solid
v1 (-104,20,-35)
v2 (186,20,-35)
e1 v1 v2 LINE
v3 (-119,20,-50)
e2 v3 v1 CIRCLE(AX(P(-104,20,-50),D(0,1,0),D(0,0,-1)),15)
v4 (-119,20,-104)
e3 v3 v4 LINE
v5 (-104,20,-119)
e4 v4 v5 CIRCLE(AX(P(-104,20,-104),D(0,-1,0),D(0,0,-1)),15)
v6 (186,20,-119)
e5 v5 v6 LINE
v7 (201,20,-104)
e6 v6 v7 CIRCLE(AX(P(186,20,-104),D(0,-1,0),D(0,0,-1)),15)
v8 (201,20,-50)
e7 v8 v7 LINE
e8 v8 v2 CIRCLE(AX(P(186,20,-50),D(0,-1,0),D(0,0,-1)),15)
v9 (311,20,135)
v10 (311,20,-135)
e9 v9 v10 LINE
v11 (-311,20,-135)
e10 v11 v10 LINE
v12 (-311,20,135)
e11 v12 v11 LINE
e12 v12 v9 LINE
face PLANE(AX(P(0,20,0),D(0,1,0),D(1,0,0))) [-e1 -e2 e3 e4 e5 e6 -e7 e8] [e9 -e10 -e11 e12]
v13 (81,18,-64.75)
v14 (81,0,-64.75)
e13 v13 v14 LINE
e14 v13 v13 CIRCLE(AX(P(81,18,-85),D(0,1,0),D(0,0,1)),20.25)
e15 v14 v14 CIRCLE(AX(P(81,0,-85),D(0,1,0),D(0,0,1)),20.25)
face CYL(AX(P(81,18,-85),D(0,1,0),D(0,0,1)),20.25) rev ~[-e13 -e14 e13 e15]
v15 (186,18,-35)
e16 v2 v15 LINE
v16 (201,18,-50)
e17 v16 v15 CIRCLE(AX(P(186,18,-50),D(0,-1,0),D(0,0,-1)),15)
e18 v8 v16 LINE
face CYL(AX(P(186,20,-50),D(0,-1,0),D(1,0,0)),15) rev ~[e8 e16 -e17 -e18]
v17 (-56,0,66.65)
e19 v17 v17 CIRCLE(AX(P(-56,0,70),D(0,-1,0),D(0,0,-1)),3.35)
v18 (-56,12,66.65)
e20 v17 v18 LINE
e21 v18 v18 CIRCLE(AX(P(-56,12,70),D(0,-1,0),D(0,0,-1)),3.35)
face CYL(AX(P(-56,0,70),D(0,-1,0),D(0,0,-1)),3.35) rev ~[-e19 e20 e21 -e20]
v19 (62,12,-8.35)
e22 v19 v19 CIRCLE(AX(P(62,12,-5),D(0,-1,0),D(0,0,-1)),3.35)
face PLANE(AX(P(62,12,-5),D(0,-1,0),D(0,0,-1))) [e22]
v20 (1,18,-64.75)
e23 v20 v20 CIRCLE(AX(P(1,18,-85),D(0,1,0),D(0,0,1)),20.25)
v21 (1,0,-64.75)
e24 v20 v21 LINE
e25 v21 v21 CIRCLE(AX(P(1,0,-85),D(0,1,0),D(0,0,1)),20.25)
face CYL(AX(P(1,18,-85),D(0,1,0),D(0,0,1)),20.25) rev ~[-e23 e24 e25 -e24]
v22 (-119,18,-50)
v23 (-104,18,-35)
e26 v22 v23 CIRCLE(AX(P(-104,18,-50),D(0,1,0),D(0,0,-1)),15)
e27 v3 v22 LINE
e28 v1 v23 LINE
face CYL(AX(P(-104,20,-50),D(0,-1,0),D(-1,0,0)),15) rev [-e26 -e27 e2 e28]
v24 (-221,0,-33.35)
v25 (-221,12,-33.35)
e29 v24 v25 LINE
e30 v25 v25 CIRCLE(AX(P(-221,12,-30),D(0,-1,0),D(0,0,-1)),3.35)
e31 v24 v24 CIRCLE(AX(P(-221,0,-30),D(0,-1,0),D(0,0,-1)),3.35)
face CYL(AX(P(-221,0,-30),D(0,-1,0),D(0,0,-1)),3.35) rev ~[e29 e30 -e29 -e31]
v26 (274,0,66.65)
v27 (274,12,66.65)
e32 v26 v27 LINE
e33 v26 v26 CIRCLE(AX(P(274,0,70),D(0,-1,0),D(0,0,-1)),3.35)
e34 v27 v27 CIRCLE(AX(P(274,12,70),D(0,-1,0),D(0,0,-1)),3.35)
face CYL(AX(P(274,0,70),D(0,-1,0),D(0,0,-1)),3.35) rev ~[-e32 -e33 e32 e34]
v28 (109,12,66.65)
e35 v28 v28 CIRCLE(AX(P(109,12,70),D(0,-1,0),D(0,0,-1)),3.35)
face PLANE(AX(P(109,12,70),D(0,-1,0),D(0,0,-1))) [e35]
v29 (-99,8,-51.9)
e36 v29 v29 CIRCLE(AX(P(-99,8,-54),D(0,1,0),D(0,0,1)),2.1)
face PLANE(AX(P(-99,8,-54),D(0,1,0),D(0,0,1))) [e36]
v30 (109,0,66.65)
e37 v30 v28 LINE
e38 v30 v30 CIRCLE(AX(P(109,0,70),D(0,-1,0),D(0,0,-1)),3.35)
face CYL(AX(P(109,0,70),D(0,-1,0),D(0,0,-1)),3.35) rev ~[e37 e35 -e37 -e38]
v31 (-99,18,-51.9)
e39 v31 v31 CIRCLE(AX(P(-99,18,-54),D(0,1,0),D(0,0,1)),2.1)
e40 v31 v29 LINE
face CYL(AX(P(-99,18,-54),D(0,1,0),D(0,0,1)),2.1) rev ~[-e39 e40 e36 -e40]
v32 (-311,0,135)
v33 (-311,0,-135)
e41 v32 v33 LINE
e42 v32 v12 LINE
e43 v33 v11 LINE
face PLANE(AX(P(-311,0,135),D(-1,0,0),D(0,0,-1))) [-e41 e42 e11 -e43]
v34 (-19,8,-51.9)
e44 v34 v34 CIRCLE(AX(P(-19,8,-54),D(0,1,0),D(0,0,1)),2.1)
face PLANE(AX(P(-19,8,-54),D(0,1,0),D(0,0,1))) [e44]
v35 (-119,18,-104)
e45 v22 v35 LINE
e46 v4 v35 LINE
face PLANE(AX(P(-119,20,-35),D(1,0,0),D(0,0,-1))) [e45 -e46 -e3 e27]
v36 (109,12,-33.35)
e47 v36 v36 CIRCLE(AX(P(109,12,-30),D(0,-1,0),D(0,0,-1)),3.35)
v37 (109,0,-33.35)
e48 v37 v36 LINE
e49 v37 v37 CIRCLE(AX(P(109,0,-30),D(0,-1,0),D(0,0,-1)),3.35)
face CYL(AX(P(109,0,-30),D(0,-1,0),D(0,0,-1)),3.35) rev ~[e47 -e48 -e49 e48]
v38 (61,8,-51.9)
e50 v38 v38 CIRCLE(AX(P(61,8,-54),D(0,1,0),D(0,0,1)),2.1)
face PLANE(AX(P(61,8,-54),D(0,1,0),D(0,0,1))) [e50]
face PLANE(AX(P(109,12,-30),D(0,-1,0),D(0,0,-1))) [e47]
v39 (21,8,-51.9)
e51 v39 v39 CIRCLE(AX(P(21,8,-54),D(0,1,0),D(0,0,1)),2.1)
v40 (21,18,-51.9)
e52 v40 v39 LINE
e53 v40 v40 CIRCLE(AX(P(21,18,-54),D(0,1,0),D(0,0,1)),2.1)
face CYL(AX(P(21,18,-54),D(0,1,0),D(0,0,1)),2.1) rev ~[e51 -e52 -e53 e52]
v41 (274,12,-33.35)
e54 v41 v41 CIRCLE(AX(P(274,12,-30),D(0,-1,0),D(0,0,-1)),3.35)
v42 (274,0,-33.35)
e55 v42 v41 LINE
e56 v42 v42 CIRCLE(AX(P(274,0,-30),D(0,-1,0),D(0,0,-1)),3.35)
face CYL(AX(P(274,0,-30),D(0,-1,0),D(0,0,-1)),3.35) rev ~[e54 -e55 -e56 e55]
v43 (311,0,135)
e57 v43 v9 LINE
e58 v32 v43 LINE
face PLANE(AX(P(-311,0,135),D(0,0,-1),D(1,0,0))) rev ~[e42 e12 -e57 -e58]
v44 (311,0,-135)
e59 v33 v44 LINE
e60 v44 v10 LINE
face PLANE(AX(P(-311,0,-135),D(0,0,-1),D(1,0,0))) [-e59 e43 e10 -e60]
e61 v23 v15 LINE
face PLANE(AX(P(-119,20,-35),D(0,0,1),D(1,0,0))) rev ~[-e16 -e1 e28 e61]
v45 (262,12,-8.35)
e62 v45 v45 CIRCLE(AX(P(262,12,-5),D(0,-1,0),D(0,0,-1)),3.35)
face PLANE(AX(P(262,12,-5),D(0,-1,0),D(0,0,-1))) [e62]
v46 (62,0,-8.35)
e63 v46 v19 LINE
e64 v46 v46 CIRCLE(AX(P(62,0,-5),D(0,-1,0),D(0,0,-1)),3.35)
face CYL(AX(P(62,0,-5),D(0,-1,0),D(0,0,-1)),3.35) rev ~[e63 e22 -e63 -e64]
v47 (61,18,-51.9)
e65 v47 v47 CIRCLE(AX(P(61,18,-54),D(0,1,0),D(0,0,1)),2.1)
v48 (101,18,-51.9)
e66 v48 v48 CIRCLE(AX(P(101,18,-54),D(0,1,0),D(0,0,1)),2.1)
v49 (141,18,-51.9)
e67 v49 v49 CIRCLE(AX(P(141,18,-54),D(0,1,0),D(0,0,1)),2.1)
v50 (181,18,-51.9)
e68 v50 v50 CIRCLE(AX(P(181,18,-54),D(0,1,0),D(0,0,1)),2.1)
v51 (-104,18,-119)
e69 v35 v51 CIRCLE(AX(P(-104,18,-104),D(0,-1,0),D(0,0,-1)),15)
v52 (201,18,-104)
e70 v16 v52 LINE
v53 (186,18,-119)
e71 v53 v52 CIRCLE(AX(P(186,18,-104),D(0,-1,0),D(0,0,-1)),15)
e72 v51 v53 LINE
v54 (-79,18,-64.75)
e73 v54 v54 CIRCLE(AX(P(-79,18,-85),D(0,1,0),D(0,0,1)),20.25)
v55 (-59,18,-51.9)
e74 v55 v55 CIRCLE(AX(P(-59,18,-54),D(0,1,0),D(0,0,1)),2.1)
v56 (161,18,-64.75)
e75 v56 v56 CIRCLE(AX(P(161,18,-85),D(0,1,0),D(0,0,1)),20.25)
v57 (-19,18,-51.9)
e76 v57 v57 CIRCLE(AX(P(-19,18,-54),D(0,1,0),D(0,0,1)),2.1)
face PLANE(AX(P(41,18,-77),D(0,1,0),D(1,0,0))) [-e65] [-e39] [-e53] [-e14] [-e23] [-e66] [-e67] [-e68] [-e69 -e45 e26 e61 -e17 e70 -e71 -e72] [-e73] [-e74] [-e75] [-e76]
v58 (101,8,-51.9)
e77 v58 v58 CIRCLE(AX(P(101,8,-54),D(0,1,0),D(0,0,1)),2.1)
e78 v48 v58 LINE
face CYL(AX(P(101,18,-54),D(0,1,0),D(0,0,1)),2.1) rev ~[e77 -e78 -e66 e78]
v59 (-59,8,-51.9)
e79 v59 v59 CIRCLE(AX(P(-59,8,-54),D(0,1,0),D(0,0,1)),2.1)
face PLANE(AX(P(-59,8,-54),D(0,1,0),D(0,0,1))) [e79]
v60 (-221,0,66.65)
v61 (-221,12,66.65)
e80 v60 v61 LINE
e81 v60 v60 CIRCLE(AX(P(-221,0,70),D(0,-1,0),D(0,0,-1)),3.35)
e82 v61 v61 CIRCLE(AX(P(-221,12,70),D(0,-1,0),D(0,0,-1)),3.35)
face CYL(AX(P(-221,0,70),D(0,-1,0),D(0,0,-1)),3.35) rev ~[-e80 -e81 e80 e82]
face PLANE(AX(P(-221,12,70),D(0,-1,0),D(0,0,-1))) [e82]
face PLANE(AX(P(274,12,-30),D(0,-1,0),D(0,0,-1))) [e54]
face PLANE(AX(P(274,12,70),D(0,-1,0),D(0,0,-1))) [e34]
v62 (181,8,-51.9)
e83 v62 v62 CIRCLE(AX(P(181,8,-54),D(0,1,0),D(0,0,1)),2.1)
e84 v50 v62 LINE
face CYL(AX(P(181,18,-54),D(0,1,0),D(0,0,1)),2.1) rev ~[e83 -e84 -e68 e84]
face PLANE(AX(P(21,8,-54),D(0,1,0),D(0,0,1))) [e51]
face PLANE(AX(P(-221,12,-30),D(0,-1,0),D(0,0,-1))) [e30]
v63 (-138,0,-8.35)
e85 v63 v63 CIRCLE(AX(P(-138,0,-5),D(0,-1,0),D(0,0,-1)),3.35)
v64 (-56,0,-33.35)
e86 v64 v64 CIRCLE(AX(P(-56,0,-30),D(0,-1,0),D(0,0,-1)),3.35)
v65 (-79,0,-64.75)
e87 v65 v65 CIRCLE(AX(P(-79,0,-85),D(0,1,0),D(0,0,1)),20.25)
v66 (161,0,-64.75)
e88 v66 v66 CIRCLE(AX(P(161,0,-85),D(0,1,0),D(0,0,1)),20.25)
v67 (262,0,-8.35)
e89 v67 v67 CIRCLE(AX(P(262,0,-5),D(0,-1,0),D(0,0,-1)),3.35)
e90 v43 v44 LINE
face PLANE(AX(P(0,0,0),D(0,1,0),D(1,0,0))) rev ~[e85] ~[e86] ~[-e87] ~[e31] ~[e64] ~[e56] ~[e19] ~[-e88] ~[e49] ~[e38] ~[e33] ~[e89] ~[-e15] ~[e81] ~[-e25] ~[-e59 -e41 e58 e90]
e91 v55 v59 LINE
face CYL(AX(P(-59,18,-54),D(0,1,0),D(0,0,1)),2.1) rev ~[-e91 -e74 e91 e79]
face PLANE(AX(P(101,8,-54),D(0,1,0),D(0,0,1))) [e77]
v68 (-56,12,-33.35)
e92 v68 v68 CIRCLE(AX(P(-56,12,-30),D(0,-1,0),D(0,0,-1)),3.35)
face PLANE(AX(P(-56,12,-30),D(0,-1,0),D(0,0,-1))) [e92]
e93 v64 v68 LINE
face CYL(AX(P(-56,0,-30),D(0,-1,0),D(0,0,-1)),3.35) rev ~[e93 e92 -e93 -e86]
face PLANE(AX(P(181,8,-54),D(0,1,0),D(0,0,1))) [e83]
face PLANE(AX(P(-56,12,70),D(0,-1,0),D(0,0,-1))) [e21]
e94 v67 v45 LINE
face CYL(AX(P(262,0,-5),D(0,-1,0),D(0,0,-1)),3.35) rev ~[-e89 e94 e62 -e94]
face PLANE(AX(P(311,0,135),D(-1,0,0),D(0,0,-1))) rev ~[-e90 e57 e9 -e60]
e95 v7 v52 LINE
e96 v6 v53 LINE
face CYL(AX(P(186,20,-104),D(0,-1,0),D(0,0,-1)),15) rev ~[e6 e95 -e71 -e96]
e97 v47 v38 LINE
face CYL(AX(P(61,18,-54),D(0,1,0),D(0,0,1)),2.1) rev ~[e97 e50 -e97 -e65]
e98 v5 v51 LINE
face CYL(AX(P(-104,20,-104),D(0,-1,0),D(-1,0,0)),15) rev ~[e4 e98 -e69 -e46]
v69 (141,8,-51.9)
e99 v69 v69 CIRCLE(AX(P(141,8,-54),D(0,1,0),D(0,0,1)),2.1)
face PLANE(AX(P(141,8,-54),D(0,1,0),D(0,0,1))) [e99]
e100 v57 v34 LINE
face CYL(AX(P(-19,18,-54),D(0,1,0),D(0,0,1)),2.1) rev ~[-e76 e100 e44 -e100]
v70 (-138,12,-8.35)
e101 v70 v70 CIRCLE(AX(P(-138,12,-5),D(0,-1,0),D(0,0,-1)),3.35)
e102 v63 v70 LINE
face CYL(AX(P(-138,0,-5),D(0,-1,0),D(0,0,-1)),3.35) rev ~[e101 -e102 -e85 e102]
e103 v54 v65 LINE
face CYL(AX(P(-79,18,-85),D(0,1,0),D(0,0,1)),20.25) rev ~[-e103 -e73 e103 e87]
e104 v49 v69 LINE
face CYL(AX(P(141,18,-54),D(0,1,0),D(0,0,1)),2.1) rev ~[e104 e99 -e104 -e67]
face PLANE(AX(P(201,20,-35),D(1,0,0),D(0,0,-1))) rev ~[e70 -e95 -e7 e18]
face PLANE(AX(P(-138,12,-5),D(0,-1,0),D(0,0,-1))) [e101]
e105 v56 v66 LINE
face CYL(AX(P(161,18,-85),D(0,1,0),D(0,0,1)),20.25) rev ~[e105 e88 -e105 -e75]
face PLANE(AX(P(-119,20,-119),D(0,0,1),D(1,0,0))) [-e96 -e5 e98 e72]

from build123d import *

# Parameters (mm, degrees)
SKETCH_1_W          = 622
SKETCH_1_H          = 270
EXTRUDE_1_DEPTH     = 20
SKETCH_2_W          = 320
SKETCH_2_H          = 84
CUT_EXTRUDE_1_DEPTH = 2
CUT_EXTRUDE_2_REACH = 341.514
SKETCH_3_R          = 20.25
SKETCH_4_R          = 2.1
SKETCH_4_R_2        = 20.25
CUT_EXTRUDE_3_DEPTH = 10
FILLET_1_R          = 15
SKETCH_5_R          = 3.35
CUT_EXTRUDE_4_DEPTH = 12


with BuildPart() as part:
    # 草图1 → 凸台-拉伸1 (new body)
    with BuildSketch(Plane(origin=(0, 0, 0), x_dir=(1, 0, 0), z_dir=(0, 1, 0))):
        Rectangle(SKETCH_1_W, SKETCH_1_H)
    extrude(amount=EXTRUDE_1_DEPTH)

    # 草图2 → 切除-拉伸1 (cut)
    with BuildSketch(Plane(origin=(0, 20, 0), x_dir=(1, 0, 0), z_dir=(0, 1, 0))):
        with Locations((41, 77)):
            Rectangle(SKETCH_2_W, SKETCH_2_H)
    extrude(amount=-CUT_EXTRUDE_1_DEPTH, mode=Mode.SUBTRACT)

    # 草图3 → 切除-拉伸2 (cut, up to next)
    with BuildSketch(Plane(origin=(0, 18, 0), x_dir=(1, 0, 0), z_dir=(0, 1, 0)), mode=Mode.PRIVATE) as cut_extrude_2_sk1:
        with Locations(Location((-79, 85, 0), (0, 0, 270))):
            Circle(SKETCH_3_R)
    cut_extrude_2_tool1 = extrude(cut_extrude_2_sk1.sketch, amount=-CUT_EXTRUDE_2_REACH, mode=Mode.PRIVATE) & part.part
    # 草图3 → 切除-拉伸2 (cut, up to next)
    with BuildSketch(Plane(origin=(0, 18, 0), x_dir=(1, 0, 0), z_dir=(0, 1, 0)), mode=Mode.PRIVATE) as cut_extrude_2_sk2:
        with Locations(Location((1, 85, 0), (0, 0, 270))):
            Circle(SKETCH_3_R)
    cut_extrude_2_tool2 = extrude(cut_extrude_2_sk2.sketch, amount=-CUT_EXTRUDE_2_REACH, mode=Mode.PRIVATE) & part.part
    # 草图3 → 切除-拉伸2 (cut, up to next)
    with BuildSketch(Plane(origin=(0, 18, 0), x_dir=(1, 0, 0), z_dir=(0, 1, 0)), mode=Mode.PRIVATE) as cut_extrude_2_sk3:
        with Locations(Location((81, 85, 0), (0, 0, 270))):
            Circle(SKETCH_3_R)
    cut_extrude_2_tool3 = extrude(cut_extrude_2_sk3.sketch, amount=-CUT_EXTRUDE_2_REACH, mode=Mode.PRIVATE) & part.part
    # 草图3 → 切除-拉伸2 (cut, up to next)
    with BuildSketch(Plane(origin=(0, 18, 0), x_dir=(1, 0, 0), z_dir=(0, 1, 0)), mode=Mode.PRIVATE) as cut_extrude_2_sk4:
        with Locations(Location((161, 85, 0), (0, 0, 270))):
            Circle(SKETCH_3_R)
    cut_extrude_2_tool4 = extrude(cut_extrude_2_sk4.sketch, amount=-CUT_EXTRUDE_2_REACH, mode=Mode.PRIVATE) & part.part
    add(cut_extrude_2_tool1.solids().sort_by_distance((-79, 18, -85))[0], mode=Mode.SUBTRACT)
    add(cut_extrude_2_tool2.solids().sort_by_distance((1, 18, -85))[0], mode=Mode.SUBTRACT)
    add(cut_extrude_2_tool3.solids().sort_by_distance((81, 18, -85))[0], mode=Mode.SUBTRACT)
    add(cut_extrude_2_tool4.solids().sort_by_distance((161, 18, -85))[0], mode=Mode.SUBTRACT)

    # 草图4 → 切除-拉伸3 (cut)
    with BuildSketch(Plane(origin=(0, 18, 0), x_dir=(1, 0, 0), z_dir=(0, 1, 0))):
        with Locations(Location((-99, 54, 0), (0, 0, 270))):
            Circle(SKETCH_4_R)
        with Locations(Location((-79, 85, 0), (0, 0, 270))):
            Circle(SKETCH_4_R_2)
        with Locations(Location((-59, 54, 0), (0, 0, 270))):
            Circle(SKETCH_4_R)
        with Locations(Location((-19, 54, 0), (0, 0, 270))):
            Circle(SKETCH_4_R)
        with Locations(Location((21, 54, 0), (0, 0, 270))):
            Circle(SKETCH_4_R)
        with Locations(Location((61, 54, 0), (0, 0, 270))):
            Circle(SKETCH_4_R)
        with Locations(Location((101, 54, 0), (0, 0, 270))):
            Circle(SKETCH_4_R)
        with Locations(Location((141, 54, 0), (0, 0, 270))):
            Circle(SKETCH_4_R)
        with Locations(Location((181, 54, 0), (0, 0, 270))):
            Circle(SKETCH_4_R)
    extrude(amount=-CUT_EXTRUDE_3_DEPTH, mode=Mode.SUBTRACT)

    # 圆角1
    fillet_1_edges = [part.edges().sort_by_distance(p)[0] for p in [
        (-119, 19, -35),
        (-119, 19, -119),
        (201, 19, -119),
        (201, 19, -35),
    ]]
    fillet(fillet_1_edges, radius=FILLET_1_R)

    # 草图5 → 切除-拉伸4 (cut)
    with BuildSketch(Plane.XZ):
        with Locations(Location((274, -30, 0), (0, 0, 270))):
            Circle(SKETCH_5_R)
        with Locations(Location((262, -5, 0), (0, 0, 270))):
            Circle(SKETCH_5_R)
        with Locations(Location((109, -30, 0), (0, 0, 270))):
            Circle(SKETCH_5_R)
        with Locations(Location((-56, -30, 0), (0, 0, 270))):
            Circle(SKETCH_5_R)
        with Locations(Location((-221, -30, 0), (0, 0, 270))):
            Circle(SKETCH_5_R)
        with Locations(Location((-138, -5, 0), (0, 0, 270))):
            Circle(SKETCH_5_R)
        with Locations(Location((62, -5, 0), (0, 0, 270))):
            Circle(SKETCH_5_R)
        with Locations(Location((274, 70, 0), (0, 0, 270))):
            Circle(SKETCH_5_R)
        with Locations(Location((109, 70, 0), (0, 0, 270))):
            Circle(SKETCH_5_R)
        with Locations(Location((-56, 70, 0), (0, 0, 270))):
            Circle(SKETCH_5_R)
        with Locations(Location((-221, 70, 0), (0, 0, 270))):
            Circle(SKETCH_5_R)
    extrude(amount=-CUT_EXTRUDE_4_DEPTH, mode=Mode.SUBTRACT)


solid = part.part
